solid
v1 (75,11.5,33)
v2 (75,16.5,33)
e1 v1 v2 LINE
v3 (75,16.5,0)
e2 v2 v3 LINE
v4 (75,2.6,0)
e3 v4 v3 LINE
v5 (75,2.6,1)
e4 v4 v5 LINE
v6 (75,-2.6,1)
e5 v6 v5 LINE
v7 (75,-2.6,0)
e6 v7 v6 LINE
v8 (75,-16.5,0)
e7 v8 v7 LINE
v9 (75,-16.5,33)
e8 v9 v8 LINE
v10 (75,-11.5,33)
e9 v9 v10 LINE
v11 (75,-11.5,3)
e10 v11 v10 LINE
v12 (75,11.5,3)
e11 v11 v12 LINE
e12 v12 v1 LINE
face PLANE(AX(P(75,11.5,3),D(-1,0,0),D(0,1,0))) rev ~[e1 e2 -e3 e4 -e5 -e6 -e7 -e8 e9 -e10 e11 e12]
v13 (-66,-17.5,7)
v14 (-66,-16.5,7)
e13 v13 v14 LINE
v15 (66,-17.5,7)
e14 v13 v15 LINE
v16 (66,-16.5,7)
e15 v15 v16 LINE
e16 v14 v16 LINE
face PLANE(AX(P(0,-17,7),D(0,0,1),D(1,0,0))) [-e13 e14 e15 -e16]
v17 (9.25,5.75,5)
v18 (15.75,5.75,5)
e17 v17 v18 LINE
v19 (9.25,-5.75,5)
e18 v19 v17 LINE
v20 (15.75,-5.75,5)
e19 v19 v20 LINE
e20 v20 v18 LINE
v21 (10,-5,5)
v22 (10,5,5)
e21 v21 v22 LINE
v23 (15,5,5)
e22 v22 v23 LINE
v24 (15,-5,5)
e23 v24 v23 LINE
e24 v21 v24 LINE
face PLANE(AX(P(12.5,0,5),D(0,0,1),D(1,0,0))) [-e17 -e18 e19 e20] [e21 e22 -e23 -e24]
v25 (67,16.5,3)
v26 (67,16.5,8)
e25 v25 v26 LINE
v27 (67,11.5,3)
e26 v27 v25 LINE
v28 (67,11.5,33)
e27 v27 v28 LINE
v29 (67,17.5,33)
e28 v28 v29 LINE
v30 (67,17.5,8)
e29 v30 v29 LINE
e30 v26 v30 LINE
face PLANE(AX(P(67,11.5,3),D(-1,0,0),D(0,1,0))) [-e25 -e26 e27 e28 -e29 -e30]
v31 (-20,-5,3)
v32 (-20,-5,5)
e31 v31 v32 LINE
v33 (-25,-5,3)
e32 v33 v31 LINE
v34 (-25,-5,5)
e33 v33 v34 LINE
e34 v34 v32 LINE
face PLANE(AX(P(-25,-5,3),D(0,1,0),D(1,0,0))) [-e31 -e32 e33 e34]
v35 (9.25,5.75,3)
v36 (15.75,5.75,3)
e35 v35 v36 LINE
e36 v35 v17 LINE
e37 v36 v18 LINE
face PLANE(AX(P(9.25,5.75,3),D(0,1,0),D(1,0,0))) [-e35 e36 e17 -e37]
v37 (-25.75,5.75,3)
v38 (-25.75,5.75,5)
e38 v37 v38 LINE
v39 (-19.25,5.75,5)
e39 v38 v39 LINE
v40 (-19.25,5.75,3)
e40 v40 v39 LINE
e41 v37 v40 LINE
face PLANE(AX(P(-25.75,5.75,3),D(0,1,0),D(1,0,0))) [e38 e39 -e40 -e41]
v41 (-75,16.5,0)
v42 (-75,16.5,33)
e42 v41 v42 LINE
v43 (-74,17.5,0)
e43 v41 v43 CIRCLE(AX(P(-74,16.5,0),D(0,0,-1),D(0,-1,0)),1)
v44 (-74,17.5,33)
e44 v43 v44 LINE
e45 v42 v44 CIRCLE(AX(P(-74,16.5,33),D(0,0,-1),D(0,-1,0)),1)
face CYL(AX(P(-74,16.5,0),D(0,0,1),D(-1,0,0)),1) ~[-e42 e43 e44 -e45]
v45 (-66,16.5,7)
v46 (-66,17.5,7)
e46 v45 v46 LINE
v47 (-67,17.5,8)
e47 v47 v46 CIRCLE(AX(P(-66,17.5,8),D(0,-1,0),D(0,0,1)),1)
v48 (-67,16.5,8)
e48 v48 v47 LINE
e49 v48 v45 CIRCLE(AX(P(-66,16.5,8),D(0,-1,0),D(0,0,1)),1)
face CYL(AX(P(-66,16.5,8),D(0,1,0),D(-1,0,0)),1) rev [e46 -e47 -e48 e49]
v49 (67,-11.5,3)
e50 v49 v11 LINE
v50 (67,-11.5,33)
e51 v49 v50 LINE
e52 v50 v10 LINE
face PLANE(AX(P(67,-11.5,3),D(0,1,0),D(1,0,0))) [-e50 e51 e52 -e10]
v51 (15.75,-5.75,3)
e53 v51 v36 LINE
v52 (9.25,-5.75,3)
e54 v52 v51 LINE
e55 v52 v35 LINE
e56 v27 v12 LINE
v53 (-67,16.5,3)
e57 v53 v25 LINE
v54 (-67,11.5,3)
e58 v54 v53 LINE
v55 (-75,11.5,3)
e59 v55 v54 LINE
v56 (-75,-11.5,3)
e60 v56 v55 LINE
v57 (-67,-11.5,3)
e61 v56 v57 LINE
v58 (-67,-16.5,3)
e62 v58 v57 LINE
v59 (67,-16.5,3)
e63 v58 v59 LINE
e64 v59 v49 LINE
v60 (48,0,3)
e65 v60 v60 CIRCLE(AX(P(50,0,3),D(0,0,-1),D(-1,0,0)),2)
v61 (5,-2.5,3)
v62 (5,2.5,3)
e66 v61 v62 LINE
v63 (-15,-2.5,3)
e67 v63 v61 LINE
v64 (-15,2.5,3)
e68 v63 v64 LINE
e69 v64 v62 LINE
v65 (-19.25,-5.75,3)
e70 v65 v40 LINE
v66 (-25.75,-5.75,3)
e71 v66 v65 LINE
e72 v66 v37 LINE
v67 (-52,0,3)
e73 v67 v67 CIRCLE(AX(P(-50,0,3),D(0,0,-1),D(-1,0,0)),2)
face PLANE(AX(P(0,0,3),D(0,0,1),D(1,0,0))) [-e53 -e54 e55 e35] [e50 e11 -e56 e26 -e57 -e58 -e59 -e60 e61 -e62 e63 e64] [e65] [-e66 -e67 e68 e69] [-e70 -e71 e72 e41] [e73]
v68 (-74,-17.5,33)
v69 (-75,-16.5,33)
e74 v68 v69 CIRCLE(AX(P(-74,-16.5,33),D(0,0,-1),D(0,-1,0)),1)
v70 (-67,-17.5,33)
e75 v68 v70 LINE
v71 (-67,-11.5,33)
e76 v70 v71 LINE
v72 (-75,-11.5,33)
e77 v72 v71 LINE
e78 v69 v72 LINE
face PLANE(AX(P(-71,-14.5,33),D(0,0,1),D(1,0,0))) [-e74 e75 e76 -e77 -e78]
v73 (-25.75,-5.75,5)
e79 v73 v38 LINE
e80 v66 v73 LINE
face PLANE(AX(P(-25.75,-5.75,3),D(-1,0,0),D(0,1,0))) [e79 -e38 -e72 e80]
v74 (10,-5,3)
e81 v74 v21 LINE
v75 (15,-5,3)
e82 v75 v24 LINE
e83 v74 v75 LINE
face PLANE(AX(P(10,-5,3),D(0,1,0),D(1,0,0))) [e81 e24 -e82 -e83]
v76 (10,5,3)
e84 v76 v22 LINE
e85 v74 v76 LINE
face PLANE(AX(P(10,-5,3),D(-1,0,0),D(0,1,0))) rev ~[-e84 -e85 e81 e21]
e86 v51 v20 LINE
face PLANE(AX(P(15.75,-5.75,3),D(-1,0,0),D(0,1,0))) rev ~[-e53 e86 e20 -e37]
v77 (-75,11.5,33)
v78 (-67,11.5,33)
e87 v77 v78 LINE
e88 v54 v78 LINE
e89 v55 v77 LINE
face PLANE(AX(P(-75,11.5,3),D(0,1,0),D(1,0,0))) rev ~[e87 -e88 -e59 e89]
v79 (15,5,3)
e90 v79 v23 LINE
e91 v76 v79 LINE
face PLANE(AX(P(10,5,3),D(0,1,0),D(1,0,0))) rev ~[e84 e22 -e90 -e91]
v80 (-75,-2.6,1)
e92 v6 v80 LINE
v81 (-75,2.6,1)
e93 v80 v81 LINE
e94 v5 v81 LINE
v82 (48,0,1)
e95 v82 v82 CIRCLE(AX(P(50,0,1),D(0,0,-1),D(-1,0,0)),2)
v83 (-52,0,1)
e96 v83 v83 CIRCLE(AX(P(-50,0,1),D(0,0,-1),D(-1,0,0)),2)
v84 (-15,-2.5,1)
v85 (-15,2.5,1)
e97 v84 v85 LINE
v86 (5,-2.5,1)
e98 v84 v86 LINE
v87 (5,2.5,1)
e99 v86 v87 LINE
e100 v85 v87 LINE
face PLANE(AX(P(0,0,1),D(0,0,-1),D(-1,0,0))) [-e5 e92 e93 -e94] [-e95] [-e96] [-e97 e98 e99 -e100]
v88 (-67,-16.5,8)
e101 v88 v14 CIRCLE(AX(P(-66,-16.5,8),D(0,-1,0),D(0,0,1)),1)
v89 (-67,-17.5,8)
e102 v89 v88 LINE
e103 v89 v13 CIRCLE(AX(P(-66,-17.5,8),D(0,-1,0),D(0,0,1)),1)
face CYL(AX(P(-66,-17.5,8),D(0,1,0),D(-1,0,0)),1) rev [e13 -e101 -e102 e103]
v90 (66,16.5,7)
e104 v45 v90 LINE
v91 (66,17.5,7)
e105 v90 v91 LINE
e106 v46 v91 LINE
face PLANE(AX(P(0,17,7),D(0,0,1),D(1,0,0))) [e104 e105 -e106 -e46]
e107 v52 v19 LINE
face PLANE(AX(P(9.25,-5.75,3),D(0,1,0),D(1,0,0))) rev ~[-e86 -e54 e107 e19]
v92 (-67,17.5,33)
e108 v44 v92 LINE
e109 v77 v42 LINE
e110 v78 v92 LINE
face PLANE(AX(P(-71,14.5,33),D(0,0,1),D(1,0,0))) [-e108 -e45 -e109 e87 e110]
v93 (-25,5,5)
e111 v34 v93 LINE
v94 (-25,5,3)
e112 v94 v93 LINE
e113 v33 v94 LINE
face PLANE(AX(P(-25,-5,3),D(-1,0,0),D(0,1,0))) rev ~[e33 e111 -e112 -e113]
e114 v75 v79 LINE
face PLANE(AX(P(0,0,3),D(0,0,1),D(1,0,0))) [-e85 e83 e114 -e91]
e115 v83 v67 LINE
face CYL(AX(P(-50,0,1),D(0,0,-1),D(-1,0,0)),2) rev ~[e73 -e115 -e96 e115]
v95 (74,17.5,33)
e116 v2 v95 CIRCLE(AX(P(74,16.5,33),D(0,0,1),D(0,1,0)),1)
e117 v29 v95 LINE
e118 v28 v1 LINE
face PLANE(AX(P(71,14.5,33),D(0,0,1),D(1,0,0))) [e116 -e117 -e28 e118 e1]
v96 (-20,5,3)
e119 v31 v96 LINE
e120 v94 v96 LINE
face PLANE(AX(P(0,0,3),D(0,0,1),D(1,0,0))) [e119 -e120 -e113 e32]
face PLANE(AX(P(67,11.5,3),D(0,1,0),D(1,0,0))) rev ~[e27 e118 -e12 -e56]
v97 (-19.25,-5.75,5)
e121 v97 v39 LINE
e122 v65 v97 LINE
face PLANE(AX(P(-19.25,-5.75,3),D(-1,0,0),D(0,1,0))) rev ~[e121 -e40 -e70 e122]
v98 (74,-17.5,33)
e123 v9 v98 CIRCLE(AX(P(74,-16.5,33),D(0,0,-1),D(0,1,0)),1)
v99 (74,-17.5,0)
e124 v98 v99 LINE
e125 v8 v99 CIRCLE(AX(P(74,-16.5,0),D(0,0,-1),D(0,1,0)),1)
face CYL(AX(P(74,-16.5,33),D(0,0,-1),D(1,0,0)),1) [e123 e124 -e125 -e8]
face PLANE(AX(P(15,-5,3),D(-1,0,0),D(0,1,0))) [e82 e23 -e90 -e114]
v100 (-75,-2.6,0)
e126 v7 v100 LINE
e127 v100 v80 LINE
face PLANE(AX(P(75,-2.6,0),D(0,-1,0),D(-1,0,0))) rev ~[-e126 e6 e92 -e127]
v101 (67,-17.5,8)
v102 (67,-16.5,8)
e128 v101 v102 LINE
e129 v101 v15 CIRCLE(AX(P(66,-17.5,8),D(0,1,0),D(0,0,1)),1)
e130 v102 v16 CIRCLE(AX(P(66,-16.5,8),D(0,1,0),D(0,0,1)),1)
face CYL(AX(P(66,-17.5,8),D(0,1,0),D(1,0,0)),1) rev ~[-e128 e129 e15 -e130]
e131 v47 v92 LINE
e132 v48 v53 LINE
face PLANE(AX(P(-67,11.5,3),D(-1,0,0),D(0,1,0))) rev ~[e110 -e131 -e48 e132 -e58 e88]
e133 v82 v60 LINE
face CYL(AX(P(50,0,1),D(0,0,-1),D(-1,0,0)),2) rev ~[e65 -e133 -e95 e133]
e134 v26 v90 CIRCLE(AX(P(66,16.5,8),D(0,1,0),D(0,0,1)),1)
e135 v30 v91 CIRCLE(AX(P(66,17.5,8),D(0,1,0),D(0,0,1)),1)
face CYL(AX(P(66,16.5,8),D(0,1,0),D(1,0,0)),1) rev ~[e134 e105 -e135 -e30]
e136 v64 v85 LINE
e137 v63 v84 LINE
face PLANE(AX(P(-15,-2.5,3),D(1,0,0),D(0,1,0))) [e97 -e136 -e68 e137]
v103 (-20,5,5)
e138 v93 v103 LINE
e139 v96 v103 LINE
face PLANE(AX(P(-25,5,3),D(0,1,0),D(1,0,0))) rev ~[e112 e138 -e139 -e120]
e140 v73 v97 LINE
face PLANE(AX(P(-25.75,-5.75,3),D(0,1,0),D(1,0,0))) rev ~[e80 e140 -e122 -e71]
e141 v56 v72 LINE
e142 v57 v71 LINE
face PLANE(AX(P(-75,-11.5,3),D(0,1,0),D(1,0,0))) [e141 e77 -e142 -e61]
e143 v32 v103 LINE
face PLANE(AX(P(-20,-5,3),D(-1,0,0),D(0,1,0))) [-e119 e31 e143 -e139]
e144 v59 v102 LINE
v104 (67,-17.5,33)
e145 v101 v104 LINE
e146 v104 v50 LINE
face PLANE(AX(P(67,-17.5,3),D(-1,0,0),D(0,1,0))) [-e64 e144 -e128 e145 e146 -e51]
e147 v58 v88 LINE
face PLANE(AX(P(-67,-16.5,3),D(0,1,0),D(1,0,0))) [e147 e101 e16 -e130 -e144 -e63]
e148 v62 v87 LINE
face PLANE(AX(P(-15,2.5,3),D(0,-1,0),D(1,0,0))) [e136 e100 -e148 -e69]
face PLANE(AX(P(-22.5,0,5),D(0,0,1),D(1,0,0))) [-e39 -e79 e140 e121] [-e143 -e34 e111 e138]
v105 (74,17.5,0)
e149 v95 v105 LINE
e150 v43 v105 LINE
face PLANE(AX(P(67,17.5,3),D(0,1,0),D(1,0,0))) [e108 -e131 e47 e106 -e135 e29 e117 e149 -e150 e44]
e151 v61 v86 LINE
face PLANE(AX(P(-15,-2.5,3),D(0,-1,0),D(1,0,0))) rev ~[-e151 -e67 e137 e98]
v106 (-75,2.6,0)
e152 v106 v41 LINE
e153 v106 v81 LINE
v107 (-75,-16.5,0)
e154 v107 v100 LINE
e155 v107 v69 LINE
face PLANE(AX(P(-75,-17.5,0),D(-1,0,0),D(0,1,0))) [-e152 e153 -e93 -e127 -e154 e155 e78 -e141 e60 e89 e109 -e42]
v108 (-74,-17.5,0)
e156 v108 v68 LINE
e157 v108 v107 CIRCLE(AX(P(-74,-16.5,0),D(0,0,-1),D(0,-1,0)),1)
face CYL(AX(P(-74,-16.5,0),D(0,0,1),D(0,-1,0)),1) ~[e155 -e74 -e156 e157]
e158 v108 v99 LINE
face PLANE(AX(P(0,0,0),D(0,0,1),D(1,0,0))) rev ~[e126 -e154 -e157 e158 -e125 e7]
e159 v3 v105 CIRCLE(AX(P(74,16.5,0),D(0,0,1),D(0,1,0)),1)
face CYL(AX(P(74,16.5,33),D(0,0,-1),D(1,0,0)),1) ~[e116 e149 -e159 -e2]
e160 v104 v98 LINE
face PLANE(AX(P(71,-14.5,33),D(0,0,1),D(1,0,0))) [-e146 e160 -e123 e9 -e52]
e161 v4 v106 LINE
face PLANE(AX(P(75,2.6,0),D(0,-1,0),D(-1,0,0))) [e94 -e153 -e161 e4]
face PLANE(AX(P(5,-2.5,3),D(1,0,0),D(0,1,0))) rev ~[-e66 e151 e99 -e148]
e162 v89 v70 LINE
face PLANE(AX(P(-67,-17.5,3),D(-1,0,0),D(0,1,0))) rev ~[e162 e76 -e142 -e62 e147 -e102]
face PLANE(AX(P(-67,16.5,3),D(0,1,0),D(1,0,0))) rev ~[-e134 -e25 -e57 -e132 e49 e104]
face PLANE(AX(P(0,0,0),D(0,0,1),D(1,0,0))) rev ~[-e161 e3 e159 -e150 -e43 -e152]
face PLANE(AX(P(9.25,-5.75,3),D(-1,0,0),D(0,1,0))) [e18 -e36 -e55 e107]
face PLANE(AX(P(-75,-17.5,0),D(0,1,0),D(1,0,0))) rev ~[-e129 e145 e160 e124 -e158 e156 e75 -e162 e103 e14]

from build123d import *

# Parameters (mm, degrees)
SKICA1_W                 = 150
SKICA1_H                 = 35
P_IDAT_VYSUNUT_M2_DEPTH  = 3
SKICA2_W                 = 6.5
SKICA2_H                 = 11.5
SKICA2_W_2               = 5
SKICA2_H_2               = 10
P_IDAT_VYSUNUT_M3_DEPTH  = 2
SKICA4_W                 = 20
SKICA4_H                 = 5
ODEBRAT_VYSUNUT_M1_DEPTH = 2
SKICA5_W                 = 150
SKICA5_H                 = 5.2
ODEBRAT_VYSUNUT_M3_DEPTH = 1
SKICA7_R                 = 2
ODEBRAT_VYSUNUT_M4_DEPTH = 5
SKICA8_W                 = 8
SKICA8_H                 = 6
P_IDAT_VYSUNUT_M4_DEPTH  = 30
ZAOBLIT1_R               = 1
SKICA9_W                 = 134
SKICA9_H                 = 1
P_IDAT_VYSUNUT_M5_DEPTH  = 4
ZAOBLIT2_R               = 1


with BuildPart() as part:
    # Skica1 → Přidat vysunutím2 (new body)
    with BuildSketch(Plane.XY):
        Rectangle(SKICA1_W, SKICA1_H)
    extrude(amount=P_IDAT_VYSUNUT_M2_DEPTH)

    # Skica2 → Přidat vysunutím3 (add)
    with BuildSketch(Plane.XY.offset(3)):
        with Locations((-22.5, 0)):
            Rectangle(SKICA2_W, SKICA2_H)
        with Locations((-22.5, 0)):
            Rectangle(SKICA2_W_2, SKICA2_H_2, mode=Mode.SUBTRACT)
        with Locations((12.5, 0)):
            Rectangle(SKICA2_W, SKICA2_H)
        with Locations((12.5, 0)):
            Rectangle(SKICA2_W_2, SKICA2_H_2, mode=Mode.SUBTRACT)
    extrude(amount=P_IDAT_VYSUNUT_M3_DEPTH)

    # Skica4 → Odebrat vysunutím1 (cut)
    with BuildSketch(Plane.XY.offset(3)):
        with Locations((-5, 0)):
            Rectangle(SKICA4_W, SKICA4_H)
    extrude(amount=-ODEBRAT_VYSUNUT_M1_DEPTH, mode=Mode.SUBTRACT)

    # Skica5 → Odebrat vysunutím3 (cut)
    with BuildSketch(Plane(origin=(0, 0, 0), x_dir=(-1, 0, 0), z_dir=(0, 0, -1))):
        Rectangle(SKICA5_W, SKICA5_H)
    extrude(amount=-ODEBRAT_VYSUNUT_M3_DEPTH, mode=Mode.SUBTRACT)

    # Skica7 → Odebrat vysunutím4 (cut, through all)
    with BuildSketch(Plane(origin=(0, 0, 1), x_dir=(-1, 0, 0), z_dir=(0, 0, -1))):
        with Locations((-50, 0)):
            Circle(SKICA7_R)
        with Locations((50, 0)):
            Circle(SKICA7_R)
    extrude(amount=-ODEBRAT_VYSUNUT_M4_DEPTH, mode=Mode.SUBTRACT)

    # Skica8 → Přidat vysunutím4 (add)
    with BuildSketch(Plane.XY.offset(3)):
        with Locations((71, 14.5)):
            Rectangle(SKICA8_W, SKICA8_H)
        with Locations((71, -14.5)):
            Rectangle(SKICA8_W, SKICA8_H)
        with Locations((-71, -14.5)):
            Rectangle(SKICA8_W, SKICA8_H)
        with Locations((-71, 14.5)):
            Rectangle(SKICA8_W, SKICA8_H)
    extrude(amount=P_IDAT_VYSUNUT_M4_DEPTH)

    # Zaoblit1
    zaoblit1_edges = [part.edges().sort_by_distance(p)[0] for p in [
        (75, -17.5, 16.5),
        (75, 17.5, 16.5),
        (-75, 17.5, 16.5),
        (-75, -17.5, 16.5),
    ]]
    fillet(zaoblit1_edges, radius=ZAOBLIT1_R)

    # Skica9 → Přidat vysunutím5 (add)
    with BuildSketch(Plane.XY.offset(3)):
        with Locations((0, 17)):
            Rectangle(SKICA9_W, SKICA9_H)
        with Locations((0, -17)):
            Rectangle(SKICA9_W, SKICA9_H)
    extrude(amount=P_IDAT_VYSUNUT_M5_DEPTH)

    # Zaoblit2
    zaoblit2_edges = [part.edges().sort_by_distance(p)[0] for p in [
        (67, 17, 7),
        (-67, 17, 7),
        (-67, -17, 7),
        (67, -17, 7),
    ]]
    fillet(zaoblit2_edges, radius=ZAOBLIT2_R)


solid = part.part
